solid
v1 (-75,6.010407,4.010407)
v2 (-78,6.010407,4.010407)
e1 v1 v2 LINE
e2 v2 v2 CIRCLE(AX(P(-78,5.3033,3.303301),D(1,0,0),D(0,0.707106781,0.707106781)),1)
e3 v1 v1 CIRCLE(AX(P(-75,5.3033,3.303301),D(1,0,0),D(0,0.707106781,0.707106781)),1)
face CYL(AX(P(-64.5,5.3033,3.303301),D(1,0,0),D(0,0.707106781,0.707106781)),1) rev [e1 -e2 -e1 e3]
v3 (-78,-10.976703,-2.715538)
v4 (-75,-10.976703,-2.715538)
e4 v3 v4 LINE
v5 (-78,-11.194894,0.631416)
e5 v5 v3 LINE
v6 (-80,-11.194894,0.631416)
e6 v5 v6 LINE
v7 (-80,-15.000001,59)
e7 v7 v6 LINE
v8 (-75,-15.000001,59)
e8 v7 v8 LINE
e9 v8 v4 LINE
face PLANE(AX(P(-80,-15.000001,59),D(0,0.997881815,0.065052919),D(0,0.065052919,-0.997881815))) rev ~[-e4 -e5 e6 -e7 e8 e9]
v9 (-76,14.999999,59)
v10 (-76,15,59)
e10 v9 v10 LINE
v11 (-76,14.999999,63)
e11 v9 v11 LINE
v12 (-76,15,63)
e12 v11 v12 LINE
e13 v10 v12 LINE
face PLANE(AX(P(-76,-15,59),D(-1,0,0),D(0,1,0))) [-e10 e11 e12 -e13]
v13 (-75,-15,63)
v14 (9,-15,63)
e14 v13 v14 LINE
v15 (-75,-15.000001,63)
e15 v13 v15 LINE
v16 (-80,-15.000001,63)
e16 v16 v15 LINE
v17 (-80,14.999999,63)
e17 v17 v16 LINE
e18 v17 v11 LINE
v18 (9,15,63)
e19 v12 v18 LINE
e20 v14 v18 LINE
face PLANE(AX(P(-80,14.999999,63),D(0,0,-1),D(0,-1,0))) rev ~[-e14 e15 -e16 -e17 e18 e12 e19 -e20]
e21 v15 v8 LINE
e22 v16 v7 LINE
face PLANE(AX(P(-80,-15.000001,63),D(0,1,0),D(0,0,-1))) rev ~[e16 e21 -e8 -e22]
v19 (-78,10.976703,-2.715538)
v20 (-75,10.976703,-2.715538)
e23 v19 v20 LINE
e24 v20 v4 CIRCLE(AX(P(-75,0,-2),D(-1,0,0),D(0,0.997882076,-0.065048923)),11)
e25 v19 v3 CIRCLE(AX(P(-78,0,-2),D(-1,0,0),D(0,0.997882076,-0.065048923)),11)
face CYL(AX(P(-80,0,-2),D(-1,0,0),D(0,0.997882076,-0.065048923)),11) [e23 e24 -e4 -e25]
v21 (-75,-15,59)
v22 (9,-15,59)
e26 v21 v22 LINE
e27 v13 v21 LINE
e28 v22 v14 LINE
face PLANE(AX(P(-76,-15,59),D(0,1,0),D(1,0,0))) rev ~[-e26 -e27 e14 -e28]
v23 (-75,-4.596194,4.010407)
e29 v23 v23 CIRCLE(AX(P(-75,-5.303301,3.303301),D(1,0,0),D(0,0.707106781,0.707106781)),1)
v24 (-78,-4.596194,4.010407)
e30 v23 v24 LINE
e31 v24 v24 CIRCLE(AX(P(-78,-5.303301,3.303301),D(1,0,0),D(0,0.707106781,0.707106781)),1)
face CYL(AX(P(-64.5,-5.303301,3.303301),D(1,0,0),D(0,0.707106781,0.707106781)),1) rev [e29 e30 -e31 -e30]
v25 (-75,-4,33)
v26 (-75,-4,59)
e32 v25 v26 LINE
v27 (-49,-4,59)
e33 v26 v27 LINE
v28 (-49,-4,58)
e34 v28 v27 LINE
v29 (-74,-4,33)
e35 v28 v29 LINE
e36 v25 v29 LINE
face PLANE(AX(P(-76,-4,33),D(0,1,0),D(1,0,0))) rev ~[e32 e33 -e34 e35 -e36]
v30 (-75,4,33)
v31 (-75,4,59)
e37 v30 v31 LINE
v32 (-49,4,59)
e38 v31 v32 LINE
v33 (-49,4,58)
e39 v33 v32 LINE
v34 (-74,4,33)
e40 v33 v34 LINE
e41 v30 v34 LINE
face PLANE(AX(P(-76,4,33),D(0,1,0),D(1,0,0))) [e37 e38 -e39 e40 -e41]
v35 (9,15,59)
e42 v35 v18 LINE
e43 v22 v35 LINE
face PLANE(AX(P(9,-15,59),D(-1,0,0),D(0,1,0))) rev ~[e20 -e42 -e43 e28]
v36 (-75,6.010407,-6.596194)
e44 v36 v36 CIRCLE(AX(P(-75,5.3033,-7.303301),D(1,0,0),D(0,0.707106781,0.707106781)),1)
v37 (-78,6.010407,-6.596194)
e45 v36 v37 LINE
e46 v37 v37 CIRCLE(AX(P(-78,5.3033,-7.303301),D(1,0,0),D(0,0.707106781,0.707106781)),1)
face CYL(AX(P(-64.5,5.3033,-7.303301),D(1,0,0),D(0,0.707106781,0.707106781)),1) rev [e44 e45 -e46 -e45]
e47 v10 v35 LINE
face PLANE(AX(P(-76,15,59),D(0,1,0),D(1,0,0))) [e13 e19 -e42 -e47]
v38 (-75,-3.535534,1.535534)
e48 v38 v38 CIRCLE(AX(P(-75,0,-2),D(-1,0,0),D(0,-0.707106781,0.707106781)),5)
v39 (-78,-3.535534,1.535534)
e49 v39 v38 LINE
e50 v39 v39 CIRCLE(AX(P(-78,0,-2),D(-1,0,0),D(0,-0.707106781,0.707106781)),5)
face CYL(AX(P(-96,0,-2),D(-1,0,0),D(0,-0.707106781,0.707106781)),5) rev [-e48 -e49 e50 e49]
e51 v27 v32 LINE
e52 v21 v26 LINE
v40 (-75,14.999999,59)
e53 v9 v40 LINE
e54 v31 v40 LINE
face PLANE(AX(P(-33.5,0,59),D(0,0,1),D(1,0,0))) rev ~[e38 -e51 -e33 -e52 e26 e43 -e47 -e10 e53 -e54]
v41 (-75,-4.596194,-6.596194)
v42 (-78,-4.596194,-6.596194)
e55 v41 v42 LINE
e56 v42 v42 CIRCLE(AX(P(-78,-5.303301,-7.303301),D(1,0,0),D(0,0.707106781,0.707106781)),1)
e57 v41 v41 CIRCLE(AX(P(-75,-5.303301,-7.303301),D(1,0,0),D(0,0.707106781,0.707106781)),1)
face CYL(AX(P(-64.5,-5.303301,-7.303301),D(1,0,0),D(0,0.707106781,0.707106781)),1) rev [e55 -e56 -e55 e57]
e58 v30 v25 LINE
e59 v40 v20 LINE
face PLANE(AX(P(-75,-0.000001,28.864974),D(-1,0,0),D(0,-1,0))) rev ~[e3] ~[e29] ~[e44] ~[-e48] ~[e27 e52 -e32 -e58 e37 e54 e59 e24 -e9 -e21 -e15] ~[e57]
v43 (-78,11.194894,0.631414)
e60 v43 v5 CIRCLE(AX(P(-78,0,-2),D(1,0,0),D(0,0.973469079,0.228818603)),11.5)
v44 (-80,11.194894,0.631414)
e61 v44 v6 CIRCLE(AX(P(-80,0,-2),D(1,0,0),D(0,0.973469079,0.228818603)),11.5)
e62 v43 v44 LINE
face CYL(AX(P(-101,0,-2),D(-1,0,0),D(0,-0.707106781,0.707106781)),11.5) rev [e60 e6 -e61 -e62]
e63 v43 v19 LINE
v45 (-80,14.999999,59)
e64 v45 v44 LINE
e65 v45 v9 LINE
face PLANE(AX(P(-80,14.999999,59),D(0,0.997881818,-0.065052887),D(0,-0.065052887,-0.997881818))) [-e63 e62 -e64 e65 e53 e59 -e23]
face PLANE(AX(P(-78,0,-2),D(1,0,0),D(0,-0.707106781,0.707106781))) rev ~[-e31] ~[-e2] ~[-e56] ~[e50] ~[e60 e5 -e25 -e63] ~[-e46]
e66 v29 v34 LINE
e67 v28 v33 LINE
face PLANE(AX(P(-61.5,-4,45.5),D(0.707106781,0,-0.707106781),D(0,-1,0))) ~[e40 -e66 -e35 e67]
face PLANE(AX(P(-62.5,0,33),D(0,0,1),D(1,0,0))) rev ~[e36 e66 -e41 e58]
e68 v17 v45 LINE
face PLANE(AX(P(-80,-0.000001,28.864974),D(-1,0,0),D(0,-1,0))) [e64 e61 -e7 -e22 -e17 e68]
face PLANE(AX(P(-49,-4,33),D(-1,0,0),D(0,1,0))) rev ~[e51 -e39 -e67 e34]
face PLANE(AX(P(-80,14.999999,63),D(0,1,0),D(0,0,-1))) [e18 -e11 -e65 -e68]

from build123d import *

# Parameters (mm, degrees)
CYLINDER067_R             = 11.5
CYLINDER067_DEPTH         = 23
CYLINDER066_R             = 5
CYLINDER066_DEPTH         = 23
CYLINDER068_R             = 1
CYLINDER068_DEPTH         = 31
CYLINDER071_R             = 1
CYLINDER071_DEPTH         = 31
CYLINDER070_R             = 1
CYLINDER070_DEPTH         = 31
CYLINDER069_R             = 1
CYLINDER069_DEPTH         = 31
FUSION058_ROLL_ANGLE      = -90
FUSION059_PITCH_ANGLE     = -45
FUSION059_PLACEMENT_ANGLE = 90
BOX068_W                  = 85
BOX068_H                  = 30
BOX068_DEPTH              = 4
PAD006_DEPTH              = 5
BOX069_W                  = 27
BOX069_H                  = 8
BOX069_DEPTH              = 30
CHAMFER013_SIZE           = 25


with BuildPart() as cylinder179:
    # Cylinder067 → Cylinder067 (new body)
    with BuildSketch(Plane(origin=(-3, 71, 73), x_dir=(0, 0, 1), z_dir=(0, -1, 0))):
        Circle(CYLINDER067_R)
    extrude(amount=CYLINDER067_DEPTH)


with BuildPart() as fusion057:
    # Cylinder066 → Cylinder066 (new body)
    with BuildSketch(Plane(origin=(-3, 66, 73), x_dir=(0, 0, 1), z_dir=(0, -1, 0))):
        Circle(CYLINDER066_R)
    extrude(amount=CYLINDER066_DEPTH)

    # Fusion057: union Cylinder179
    add(cylinder179.part)


with BuildPart() as cylinder180:
    # Cylinder068 → Cylinder068 (new body)
    with BuildSketch(Plane(origin=(-7.5, -11, 132), x_dir=(1, 0, 0), z_dir=(0, 0, 1))):
        Circle(CYLINDER068_R)
    extrude(amount=CYLINDER068_DEPTH)


with BuildPart() as cylinder183:
    # Cylinder071 → Cylinder071 (new body)
    with BuildSketch(Plane(origin=(0, -3.5, 132), x_dir=(1, 0, 0), z_dir=(0, 0, 1))):
        Circle(CYLINDER071_R)
    extrude(amount=CYLINDER071_DEPTH)


with BuildPart() as cylinder182:
    # Cylinder070 → Cylinder070 (new body)
    with BuildSketch(Plane(origin=(7.5, -11, 132), x_dir=(1, 0, 0), z_dir=(0, 0, 1))):
        Circle(CYLINDER070_R)
    extrude(amount=CYLINDER070_DEPTH)


with BuildPart() as fusion059:
    # Cylinder069 → Cylinder069 (new body)
    with BuildSketch(Plane(origin=(0, -18.5, 132), x_dir=(1, 0, 0), z_dir=(0, 0, 1))):
        Circle(CYLINDER069_R)
    extrude(amount=CYLINDER069_DEPTH)

    # Fusion058: union Cylinder180, Cylinder183, Cylinder182
    add(cylinder180.part)
    add(cylinder183.part)
    add(cylinder182.part)


with BuildPart() as fusion059_1:
    # Fusion058 roll: moved
    add(fusion059.part.rotate(Axis((0, 0, 0), (1, 0, 0)), FUSION058_ROLL_ANGLE))


with BuildPart() as fusion059_2:
    # Fusion058 placement: moved
    add(fusion059_1.part.moved(Location((-3, -97.5, 62))))

    # Fusion059: union Fusion057
    add(fusion057.part)


with BuildPart() as fusion059_3:
    # Fusion059 pitch: moved
    add(fusion059_2.part.rotate(Axis((0, 0, 0), (0, 1, 0)), FUSION059_PITCH_ANGLE))


with BuildPart() as fusion059_4:
    # Fusion059 placement: moved
    add(fusion059_3.part.moved(Location((-30, 53.740115, -51.497475))).rotate(Axis((-30, 53.740115, -51.497475), (0, 0, 1)), FUSION059_PLACEMENT_ANGLE))


with BuildPart() as cube071:
    # Box068 → Box068 (new body)
    with BuildSketch(Plane(origin=(-76, -15, 59), x_dir=(1, 0, 0), z_dir=(0, 0, 1))):
        with Locations((42.5, 15)):
            Rectangle(BOX068_W, BOX068_H)
    extrude(amount=BOX068_DEPTH)


with BuildPart() as fusion061:
    # Sketch008 → Pad006 (new body)
    with BuildSketch(Plane(origin=(-80, 0, 0), x_dir=(0, -1, 0), z_dir=(-1, 0, 0))):
        with BuildLine():
            ThreePointArc((-10.976703, -2.715538), (0, -13), (10.976703, -2.715538))
            Line((15.000001, 59), (10.976703, -2.715538))
            Line((15.000001, 63), (15.000001, 59))
            Line((-14.999999, 63), (15.000001, 63))
            Line((-14.999999, 63), (-14.999999, 59))
            Line((-14.999999, 59), (-10.976703, -2.715538))
        make_face()
    extrude(amount=-PAD006_DEPTH)

    # Fusion061: union Cube071
    add(cube071.part)


with BuildPart() as cut095:
    # Box069 → Box069 (new body)
    with BuildSketch(Plane(origin=(-76, -4, 33), x_dir=(1, 0, 0), z_dir=(0, 0, 1))):
        with Locations((13.5, 4)):
            Rectangle(BOX069_W, BOX069_H)
    extrude(amount=BOX069_DEPTH)

    # Chamfer013
    chamfer013_edges = [cut095.edges().sort_by_distance(p)[0] for p in [
        (-49, 0, 33),
    ]]
    chamfer(chamfer013_edges, length=CHAMFER013_SIZE)

    # Fusion062: union Fusion061
    add(fusion061.part)

    # Cut095: cut Fusion059
    add(fusion059_4.part, mode=Mode.SUBTRACT)


solid = cut095.part
